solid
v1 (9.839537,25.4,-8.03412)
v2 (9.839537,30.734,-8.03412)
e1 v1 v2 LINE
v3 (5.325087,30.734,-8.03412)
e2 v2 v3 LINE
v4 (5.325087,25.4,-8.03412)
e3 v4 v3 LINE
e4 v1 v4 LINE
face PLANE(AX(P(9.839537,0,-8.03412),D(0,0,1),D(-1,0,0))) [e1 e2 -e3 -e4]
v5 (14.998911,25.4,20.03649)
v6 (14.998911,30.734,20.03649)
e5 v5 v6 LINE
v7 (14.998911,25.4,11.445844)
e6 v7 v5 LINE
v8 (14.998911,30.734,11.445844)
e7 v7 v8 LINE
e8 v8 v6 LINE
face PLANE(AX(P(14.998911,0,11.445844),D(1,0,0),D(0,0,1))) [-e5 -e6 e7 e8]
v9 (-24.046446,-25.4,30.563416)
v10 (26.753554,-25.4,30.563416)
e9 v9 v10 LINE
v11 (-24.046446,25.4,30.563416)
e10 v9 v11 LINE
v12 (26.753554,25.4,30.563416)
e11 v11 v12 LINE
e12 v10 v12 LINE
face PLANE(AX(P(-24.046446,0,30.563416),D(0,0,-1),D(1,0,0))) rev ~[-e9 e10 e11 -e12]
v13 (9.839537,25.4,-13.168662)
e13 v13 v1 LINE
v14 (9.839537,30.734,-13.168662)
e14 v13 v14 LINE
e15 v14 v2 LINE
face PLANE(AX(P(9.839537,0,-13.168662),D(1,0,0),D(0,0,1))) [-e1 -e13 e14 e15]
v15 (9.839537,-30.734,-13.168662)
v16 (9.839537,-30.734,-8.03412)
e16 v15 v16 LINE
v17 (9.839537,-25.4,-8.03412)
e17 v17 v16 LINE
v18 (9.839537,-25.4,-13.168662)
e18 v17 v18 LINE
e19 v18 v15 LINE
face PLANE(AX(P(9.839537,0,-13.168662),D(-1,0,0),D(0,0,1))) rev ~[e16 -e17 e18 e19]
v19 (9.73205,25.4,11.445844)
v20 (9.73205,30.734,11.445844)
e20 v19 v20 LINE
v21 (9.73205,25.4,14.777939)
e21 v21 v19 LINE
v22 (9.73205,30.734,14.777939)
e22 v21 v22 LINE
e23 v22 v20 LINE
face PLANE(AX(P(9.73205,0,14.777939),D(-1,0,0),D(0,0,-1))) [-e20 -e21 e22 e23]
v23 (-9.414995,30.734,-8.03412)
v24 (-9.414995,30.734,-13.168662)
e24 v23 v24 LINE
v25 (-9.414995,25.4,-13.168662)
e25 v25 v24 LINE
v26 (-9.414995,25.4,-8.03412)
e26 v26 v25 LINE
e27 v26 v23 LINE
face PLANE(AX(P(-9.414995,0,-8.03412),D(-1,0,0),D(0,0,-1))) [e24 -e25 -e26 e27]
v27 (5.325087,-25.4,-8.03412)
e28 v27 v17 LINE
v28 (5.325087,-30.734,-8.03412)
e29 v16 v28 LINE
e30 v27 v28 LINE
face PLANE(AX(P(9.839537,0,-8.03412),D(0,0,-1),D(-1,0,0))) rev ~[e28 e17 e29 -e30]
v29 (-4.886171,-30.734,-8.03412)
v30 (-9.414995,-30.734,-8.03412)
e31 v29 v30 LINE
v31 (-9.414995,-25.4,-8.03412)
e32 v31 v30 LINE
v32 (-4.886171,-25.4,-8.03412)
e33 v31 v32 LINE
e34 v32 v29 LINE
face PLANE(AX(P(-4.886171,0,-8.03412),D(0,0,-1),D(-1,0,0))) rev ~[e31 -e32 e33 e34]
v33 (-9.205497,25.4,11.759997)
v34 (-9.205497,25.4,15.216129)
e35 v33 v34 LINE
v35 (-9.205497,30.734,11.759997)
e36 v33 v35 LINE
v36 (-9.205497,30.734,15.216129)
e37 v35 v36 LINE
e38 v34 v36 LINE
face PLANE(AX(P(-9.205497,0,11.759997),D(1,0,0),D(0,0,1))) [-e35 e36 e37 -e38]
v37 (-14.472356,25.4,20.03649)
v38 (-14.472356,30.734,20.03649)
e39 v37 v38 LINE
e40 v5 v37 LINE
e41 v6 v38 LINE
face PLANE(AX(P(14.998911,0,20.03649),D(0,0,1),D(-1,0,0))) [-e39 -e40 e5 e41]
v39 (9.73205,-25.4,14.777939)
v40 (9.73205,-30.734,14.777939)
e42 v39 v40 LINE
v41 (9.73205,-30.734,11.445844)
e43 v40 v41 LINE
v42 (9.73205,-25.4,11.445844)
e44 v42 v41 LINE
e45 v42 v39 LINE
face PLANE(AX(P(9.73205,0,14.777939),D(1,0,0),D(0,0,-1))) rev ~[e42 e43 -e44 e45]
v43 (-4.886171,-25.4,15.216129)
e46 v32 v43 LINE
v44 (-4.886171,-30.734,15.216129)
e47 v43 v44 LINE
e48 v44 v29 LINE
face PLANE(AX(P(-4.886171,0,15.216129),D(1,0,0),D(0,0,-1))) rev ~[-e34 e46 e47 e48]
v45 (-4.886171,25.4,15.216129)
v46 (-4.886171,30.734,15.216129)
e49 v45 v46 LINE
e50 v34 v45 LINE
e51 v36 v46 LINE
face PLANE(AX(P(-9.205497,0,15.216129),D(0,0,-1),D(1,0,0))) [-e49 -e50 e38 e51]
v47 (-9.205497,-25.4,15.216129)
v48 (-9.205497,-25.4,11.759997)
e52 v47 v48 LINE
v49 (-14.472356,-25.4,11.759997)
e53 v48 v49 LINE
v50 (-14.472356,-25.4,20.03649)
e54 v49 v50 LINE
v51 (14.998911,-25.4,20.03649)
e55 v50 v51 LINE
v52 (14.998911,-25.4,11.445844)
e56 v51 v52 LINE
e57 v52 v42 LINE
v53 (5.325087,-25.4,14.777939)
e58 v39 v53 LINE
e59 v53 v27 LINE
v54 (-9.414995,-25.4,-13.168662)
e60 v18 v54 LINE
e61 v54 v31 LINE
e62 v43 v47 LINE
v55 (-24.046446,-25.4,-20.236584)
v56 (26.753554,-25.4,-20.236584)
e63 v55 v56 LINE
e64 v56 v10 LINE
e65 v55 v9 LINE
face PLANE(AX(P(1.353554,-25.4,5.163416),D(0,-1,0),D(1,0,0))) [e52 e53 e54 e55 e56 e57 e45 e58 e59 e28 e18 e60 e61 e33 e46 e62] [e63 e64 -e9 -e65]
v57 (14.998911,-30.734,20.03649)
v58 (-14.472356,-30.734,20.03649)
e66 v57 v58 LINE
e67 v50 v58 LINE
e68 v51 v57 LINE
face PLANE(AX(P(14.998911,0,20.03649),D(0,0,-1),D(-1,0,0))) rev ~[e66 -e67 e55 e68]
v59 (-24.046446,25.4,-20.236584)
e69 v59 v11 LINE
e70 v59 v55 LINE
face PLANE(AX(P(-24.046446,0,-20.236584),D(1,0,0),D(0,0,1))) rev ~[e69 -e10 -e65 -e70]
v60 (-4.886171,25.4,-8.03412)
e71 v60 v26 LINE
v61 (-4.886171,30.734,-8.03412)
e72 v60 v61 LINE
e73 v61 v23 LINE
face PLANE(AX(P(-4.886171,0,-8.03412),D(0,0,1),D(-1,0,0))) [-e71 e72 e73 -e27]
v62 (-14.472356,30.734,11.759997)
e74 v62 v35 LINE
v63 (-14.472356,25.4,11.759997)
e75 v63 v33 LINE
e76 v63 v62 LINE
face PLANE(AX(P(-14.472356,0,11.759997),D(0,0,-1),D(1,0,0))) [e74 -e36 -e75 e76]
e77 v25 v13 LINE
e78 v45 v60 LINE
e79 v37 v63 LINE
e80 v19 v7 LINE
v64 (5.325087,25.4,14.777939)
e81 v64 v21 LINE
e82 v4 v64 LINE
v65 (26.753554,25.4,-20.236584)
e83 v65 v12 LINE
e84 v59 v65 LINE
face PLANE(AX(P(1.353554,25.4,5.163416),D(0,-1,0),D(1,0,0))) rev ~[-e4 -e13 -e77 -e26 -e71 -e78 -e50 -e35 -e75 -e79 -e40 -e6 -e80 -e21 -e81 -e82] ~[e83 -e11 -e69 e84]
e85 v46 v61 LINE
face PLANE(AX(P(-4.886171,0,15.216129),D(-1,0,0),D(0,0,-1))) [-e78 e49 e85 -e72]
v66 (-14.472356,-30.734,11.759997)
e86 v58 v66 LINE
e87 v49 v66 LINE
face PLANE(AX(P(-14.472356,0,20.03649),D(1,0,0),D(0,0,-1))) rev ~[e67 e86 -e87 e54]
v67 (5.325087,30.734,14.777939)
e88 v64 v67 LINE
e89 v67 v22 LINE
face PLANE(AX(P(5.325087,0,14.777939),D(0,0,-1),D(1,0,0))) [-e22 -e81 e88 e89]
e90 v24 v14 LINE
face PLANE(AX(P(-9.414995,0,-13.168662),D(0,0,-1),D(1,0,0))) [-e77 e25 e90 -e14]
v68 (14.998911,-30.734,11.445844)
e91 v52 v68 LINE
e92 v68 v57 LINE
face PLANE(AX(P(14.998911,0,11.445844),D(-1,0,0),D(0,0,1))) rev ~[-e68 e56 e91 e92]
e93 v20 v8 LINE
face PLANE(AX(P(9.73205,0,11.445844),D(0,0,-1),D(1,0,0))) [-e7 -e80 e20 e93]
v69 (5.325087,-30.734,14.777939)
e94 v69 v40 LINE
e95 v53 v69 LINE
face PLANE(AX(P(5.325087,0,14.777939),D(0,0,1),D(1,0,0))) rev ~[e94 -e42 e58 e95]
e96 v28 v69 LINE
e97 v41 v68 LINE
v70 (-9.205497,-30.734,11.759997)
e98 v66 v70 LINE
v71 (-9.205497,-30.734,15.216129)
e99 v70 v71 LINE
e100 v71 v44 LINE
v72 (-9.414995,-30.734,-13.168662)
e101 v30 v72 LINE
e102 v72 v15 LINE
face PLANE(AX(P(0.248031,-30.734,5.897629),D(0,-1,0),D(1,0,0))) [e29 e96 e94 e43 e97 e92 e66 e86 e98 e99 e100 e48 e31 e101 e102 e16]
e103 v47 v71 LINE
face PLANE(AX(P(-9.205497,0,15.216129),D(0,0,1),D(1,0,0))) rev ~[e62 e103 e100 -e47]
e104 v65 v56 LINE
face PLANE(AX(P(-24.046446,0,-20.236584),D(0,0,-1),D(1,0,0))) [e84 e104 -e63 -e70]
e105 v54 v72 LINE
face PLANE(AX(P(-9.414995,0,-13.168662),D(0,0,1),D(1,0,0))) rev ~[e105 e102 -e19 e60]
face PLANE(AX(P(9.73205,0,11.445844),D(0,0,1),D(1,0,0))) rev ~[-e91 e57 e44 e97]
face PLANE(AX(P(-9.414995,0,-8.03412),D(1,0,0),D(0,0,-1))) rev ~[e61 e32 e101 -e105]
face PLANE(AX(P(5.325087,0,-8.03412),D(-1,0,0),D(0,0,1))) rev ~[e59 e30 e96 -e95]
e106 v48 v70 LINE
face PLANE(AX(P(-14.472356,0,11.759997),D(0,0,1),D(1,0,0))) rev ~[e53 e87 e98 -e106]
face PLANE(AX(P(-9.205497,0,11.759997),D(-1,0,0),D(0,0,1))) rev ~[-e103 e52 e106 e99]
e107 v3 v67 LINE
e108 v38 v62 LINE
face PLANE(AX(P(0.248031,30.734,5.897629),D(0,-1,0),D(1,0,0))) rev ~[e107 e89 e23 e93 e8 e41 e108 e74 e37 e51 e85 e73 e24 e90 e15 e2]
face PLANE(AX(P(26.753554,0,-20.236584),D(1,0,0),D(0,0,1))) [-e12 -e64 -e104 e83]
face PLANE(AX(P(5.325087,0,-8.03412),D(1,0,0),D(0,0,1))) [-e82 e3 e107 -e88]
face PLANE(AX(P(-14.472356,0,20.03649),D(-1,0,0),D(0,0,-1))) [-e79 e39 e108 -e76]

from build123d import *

# Parameters (mm, degrees)
F0_W          = 50.8
F0_H          = 50.8
F1_DEPTH      = 25.4
F3_DEPTH      = 30.734
F3_DEPTH_BACK = 30.734


with BuildPart() as f1:
    # F0 (on Front) → F1 (new body, symmetric)
    with BuildSketch(Plane.XZ):
        with Locations((1.353554, 5.163416)):
            Rectangle(F0_W, F0_H)
    extrude(amount=F1_DEPTH, both=True)

    # F2 (on Front) → F3 (join, two sides)
    with BuildSketch(Plane.XZ) as f3_sk:
        Polygon((-9.414995, -8.03412), (-9.414995, -13.168662), (9.839537, -13.168662), (9.839537, -8.03412), (5.325087, -8.03412), (5.325087, 14.777939), (9.73205, 14.777939), (9.73205, 11.445844), (14.998911, 11.445844), (14.998911, 20.03649), (-14.472356, 20.03649), (-14.472356, 11.759997), (-9.205497, 11.759997), (-9.205497, 15.216129), (-4.886171, 15.216129), (-4.886171, -8.03412), align=None)
    extrude(amount=F3_DEPTH)
    extrude(f3_sk.sketch, amount=-F3_DEPTH_BACK)


solid = f1.part
